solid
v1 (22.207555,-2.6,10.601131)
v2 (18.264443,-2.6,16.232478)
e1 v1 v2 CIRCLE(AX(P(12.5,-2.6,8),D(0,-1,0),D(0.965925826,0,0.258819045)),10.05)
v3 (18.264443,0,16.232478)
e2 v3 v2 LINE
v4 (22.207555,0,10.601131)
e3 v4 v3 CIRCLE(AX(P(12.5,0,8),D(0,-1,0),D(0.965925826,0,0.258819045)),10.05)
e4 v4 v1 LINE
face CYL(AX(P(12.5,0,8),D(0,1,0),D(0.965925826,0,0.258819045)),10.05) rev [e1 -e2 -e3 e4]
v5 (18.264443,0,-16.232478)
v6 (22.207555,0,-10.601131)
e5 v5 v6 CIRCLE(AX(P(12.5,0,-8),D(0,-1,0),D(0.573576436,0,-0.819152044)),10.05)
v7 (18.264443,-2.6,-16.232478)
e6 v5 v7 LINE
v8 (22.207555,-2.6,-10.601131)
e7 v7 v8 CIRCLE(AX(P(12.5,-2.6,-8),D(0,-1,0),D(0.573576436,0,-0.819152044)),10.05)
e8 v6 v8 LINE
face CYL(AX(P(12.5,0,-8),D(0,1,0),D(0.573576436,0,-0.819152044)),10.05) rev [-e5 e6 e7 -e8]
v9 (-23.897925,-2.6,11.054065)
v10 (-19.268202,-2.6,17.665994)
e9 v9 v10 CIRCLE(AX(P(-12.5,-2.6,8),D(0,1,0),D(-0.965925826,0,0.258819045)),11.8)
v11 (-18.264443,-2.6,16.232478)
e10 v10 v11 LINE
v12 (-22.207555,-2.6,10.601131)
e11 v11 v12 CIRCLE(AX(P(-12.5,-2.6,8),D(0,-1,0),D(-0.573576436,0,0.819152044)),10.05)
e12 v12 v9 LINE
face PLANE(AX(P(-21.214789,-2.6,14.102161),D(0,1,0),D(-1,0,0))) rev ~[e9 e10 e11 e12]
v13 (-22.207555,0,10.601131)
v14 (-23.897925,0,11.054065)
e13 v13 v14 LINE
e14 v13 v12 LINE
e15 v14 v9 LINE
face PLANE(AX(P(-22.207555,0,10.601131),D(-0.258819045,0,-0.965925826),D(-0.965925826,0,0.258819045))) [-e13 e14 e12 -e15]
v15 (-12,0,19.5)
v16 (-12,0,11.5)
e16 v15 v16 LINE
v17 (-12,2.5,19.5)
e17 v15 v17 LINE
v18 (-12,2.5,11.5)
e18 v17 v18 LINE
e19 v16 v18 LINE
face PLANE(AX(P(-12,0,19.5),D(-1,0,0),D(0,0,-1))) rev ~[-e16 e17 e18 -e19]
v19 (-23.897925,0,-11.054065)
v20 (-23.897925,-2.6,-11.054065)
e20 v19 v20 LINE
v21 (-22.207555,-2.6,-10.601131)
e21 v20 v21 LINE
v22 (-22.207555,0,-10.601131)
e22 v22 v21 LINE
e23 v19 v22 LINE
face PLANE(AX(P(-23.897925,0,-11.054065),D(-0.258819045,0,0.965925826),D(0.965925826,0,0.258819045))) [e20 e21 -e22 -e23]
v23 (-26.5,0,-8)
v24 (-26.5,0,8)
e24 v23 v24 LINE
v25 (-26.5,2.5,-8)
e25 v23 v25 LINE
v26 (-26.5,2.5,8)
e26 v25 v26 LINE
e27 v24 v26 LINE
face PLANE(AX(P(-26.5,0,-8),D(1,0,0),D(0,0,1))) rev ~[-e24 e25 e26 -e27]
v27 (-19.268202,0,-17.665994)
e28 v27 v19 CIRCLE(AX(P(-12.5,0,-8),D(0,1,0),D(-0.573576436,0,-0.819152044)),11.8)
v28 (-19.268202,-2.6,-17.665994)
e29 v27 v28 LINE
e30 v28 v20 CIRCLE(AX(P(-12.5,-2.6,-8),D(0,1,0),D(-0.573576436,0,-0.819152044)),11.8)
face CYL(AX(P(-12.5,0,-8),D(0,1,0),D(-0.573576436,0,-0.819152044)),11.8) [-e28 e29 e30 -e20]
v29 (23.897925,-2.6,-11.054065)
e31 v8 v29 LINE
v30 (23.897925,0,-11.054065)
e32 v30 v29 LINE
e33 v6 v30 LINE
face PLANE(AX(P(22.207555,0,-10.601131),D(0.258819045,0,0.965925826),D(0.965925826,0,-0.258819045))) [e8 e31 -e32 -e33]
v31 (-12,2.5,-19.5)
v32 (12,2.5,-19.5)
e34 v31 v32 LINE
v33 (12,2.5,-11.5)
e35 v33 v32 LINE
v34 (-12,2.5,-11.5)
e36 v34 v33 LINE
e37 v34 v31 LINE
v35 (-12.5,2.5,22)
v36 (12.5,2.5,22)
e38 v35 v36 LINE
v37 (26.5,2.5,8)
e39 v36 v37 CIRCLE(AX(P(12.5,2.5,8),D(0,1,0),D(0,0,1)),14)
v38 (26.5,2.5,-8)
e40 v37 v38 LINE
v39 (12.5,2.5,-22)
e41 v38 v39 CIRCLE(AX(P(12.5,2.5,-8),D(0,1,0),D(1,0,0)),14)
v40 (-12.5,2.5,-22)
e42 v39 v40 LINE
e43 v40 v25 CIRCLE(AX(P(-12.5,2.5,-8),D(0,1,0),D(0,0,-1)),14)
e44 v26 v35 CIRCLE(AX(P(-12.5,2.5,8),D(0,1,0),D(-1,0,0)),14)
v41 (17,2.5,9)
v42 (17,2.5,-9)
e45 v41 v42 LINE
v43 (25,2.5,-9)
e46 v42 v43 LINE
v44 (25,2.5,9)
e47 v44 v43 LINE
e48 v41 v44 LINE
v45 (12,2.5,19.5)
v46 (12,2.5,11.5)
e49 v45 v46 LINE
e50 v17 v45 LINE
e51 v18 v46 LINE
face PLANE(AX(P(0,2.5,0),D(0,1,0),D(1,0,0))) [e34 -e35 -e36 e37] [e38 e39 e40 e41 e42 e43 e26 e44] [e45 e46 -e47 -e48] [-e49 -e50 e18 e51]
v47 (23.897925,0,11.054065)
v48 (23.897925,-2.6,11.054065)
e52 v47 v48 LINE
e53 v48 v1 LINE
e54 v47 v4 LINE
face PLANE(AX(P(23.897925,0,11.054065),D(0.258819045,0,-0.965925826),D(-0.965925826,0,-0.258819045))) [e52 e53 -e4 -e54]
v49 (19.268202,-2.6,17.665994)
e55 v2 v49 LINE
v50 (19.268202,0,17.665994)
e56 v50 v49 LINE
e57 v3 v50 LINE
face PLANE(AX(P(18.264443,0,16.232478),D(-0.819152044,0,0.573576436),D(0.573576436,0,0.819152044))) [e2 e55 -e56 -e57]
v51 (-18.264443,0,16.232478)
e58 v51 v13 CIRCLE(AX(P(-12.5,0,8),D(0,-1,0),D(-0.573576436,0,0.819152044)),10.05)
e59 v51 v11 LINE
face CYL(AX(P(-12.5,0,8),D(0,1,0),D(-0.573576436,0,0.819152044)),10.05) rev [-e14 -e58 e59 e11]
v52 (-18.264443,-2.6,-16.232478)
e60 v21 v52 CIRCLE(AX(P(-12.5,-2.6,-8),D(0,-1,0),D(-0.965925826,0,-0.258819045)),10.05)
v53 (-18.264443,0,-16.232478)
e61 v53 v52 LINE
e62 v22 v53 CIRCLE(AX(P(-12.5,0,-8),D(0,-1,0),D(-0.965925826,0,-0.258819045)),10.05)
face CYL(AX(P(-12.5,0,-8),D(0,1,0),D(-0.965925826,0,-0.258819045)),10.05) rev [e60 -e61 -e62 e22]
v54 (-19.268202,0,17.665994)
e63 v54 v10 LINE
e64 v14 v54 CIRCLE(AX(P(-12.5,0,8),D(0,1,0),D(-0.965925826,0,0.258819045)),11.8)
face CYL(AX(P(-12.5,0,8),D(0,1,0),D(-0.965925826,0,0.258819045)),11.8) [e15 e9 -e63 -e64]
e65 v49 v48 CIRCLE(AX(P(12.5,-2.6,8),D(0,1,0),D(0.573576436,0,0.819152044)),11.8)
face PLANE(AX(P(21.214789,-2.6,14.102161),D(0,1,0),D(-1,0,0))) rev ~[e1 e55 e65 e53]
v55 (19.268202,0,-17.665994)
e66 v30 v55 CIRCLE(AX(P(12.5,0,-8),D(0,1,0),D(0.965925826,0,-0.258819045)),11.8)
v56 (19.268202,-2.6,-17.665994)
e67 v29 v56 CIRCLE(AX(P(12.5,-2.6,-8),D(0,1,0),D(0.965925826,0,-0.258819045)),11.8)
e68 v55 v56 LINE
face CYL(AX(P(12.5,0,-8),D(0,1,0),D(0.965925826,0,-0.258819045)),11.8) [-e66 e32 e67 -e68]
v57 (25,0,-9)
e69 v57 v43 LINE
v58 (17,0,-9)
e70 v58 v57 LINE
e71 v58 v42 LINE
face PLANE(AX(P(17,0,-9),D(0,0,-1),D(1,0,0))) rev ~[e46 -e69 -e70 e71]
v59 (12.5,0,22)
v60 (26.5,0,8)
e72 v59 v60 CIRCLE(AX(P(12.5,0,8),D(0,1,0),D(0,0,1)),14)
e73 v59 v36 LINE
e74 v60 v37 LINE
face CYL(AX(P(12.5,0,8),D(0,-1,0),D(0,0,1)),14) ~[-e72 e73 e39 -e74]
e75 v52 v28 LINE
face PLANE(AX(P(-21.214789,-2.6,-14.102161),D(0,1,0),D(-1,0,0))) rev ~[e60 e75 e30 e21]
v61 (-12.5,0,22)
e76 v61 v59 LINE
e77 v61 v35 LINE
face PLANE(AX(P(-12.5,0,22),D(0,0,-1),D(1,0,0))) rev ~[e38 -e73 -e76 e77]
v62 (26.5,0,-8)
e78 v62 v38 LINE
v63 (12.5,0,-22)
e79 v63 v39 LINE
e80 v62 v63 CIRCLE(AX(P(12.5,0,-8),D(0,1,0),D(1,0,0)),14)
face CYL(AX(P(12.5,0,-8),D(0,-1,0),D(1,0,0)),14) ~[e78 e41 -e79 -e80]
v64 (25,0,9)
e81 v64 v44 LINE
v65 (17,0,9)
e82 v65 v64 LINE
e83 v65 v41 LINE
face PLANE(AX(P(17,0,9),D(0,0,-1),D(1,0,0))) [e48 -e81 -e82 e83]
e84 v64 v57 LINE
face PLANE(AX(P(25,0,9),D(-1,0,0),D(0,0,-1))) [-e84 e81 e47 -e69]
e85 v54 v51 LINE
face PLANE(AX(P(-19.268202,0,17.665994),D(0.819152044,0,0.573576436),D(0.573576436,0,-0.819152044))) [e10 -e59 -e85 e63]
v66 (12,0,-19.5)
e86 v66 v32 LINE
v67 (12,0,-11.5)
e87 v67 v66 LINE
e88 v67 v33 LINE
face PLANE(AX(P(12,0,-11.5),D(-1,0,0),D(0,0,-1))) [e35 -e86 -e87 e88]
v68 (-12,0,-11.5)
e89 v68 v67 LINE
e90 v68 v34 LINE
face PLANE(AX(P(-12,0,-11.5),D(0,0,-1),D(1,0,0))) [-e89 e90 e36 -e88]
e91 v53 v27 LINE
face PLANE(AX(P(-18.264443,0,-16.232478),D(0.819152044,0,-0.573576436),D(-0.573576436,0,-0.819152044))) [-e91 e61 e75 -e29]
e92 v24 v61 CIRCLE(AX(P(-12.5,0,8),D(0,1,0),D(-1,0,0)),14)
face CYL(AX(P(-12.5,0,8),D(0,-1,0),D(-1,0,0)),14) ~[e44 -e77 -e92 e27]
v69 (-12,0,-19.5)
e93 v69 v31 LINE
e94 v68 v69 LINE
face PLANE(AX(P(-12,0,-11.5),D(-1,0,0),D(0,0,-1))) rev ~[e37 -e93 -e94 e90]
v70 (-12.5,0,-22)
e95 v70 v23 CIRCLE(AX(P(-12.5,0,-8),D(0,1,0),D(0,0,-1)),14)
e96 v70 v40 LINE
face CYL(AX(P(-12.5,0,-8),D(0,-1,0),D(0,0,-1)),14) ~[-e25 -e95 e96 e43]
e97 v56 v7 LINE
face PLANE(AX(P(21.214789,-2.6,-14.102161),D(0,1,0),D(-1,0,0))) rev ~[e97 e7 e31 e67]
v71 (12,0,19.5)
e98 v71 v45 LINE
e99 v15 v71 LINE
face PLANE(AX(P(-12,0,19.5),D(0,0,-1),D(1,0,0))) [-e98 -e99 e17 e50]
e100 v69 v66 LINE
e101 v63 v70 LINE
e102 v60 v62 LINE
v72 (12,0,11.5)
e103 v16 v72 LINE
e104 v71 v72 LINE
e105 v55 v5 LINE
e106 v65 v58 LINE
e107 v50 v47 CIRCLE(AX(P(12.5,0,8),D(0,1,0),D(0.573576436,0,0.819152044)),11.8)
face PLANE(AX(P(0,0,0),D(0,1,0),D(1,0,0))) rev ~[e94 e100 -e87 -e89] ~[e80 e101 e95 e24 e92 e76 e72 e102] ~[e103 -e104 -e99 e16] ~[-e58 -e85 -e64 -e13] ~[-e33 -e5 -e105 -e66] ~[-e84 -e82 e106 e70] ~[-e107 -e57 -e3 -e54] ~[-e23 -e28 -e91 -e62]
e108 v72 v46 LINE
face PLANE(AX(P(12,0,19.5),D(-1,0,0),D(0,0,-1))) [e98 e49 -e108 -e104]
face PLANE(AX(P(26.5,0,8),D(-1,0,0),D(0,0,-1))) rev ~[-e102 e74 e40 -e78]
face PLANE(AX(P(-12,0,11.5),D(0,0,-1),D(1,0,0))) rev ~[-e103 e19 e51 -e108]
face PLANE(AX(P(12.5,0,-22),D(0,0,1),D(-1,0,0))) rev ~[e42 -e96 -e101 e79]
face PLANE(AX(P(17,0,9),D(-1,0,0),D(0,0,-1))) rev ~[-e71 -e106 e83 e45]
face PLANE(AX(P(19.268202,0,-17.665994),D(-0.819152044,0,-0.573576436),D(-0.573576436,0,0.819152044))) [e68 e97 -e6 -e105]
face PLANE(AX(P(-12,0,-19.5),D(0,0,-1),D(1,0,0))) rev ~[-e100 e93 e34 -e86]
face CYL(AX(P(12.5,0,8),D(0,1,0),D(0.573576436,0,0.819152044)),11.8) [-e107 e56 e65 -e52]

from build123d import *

# Parameters (mm, degrees)
SKETCH1_W           = 8
SKETCH1_H           = 18
SKETCH1_W_2         = 24
SKETCH1_H_2         = 8
BOSS_EXTRUDE1_DEPTH = 2.5
BOSS_EXTRUDE2_DEPTH = 2.6


with BuildPart() as part:
    # Sketch1 → Boss-Extrude1 (new body)
    with BuildSketch(Plane(origin=(0, 0, 0), x_dir=(1, 0, 0), z_dir=(0, 1, 0))):
        with BuildLine():
            Line((-26.5, 8), (-26.5, -8))
            ThreePointArc((-26.5, -8), (-22.399494937, -17.899494937), (-12.5, -22))
            Line((-12.5, -22), (12.5, -22))
            ThreePointArc((12.5, -22), (22.399494937, -17.899494937), (26.5, -8))
            Line((26.5, -8), (26.5, 8))
            ThreePointArc((26.5, 8), (22.399494937, 17.899494937), (12.5, 22))
            Line((12.5, 22), (-12.5, 22))
            ThreePointArc((-12.5, 22), (-22.399494937, 17.899494937), (-26.5, 8))
        make_face()
        with Locations((21, 0)):
            Rectangle(SKETCH1_W, SKETCH1_H, mode=Mode.SUBTRACT)
        with Locations((0, 15.5)):
            Rectangle(SKETCH1_W_2, SKETCH1_H_2, mode=Mode.SUBTRACT)
        with Locations((0, -15.5)):
            Rectangle(SKETCH1_W_2, SKETCH1_H_2, mode=Mode.SUBTRACT)
    extrude(amount=BOSS_EXTRUDE1_DEPTH)

    # Sketch2 → Boss-Extrude2 (add)
    with BuildSketch(Plane.XZ):
        with BuildLine():
            ThreePointArc((18.264443185, -16.232478045), (20.732478045, -13.764443185), (22.207554554, -10.601131403))
            Line((22.207554554, -10.601131403), (23.89792475, -11.054064732))
            ThreePointArc((23.89792475, -11.054064732), (22.165994123, -14.768201949), (19.268201949, -17.665994123))
            Line((19.268201949, -17.665994123), (18.264443185, -16.232478045))
        make_face()
        with BuildLine():
            ThreePointArc((19.268201949, 17.665994123), (22.165994123, 14.768201949), (23.89792475, 11.054064732))
            Line((23.89792475, 11.054064732), (22.207554554, 10.601131403))
            ThreePointArc((22.207554554, 10.601131403), (20.732478045, 13.764443185), (18.264443185, 16.232478045))
            Line((18.264443185, 16.232478045), (19.268201949, 17.665994123))
        make_face()
        with BuildLine():
            Line((-18.264443185, -16.232478045), (-19.268201949, -17.665994123))
            ThreePointArc((-19.268201949, -17.665994123), (-22.165994123, -14.768201949), (-23.89792475, -11.054064732))
            Line((-23.89792475, -11.054064732), (-22.207554554, -10.601131403))
            ThreePointArc((-22.207554554, -10.601131403), (-20.732478045, -13.764443185), (-18.264443185, -16.232478045))
        make_face()
        with BuildLine():
            ThreePointArc((-18.264443185, 16.232478045), (-20.732478045, 13.764443185), (-22.207554554, 10.601131403))
            Line((-22.207554554, 10.601131403), (-23.89792475, 11.054064732))
            ThreePointArc((-23.89792475, 11.054064732), (-22.165994123, 14.768201949), (-19.268201949, 17.665994123))
            Line((-19.268201949, 17.665994123), (-18.264443185, 16.232478045))
        make_face()
    extrude(amount=BOSS_EXTRUDE2_DEPTH)


solid = part.part
